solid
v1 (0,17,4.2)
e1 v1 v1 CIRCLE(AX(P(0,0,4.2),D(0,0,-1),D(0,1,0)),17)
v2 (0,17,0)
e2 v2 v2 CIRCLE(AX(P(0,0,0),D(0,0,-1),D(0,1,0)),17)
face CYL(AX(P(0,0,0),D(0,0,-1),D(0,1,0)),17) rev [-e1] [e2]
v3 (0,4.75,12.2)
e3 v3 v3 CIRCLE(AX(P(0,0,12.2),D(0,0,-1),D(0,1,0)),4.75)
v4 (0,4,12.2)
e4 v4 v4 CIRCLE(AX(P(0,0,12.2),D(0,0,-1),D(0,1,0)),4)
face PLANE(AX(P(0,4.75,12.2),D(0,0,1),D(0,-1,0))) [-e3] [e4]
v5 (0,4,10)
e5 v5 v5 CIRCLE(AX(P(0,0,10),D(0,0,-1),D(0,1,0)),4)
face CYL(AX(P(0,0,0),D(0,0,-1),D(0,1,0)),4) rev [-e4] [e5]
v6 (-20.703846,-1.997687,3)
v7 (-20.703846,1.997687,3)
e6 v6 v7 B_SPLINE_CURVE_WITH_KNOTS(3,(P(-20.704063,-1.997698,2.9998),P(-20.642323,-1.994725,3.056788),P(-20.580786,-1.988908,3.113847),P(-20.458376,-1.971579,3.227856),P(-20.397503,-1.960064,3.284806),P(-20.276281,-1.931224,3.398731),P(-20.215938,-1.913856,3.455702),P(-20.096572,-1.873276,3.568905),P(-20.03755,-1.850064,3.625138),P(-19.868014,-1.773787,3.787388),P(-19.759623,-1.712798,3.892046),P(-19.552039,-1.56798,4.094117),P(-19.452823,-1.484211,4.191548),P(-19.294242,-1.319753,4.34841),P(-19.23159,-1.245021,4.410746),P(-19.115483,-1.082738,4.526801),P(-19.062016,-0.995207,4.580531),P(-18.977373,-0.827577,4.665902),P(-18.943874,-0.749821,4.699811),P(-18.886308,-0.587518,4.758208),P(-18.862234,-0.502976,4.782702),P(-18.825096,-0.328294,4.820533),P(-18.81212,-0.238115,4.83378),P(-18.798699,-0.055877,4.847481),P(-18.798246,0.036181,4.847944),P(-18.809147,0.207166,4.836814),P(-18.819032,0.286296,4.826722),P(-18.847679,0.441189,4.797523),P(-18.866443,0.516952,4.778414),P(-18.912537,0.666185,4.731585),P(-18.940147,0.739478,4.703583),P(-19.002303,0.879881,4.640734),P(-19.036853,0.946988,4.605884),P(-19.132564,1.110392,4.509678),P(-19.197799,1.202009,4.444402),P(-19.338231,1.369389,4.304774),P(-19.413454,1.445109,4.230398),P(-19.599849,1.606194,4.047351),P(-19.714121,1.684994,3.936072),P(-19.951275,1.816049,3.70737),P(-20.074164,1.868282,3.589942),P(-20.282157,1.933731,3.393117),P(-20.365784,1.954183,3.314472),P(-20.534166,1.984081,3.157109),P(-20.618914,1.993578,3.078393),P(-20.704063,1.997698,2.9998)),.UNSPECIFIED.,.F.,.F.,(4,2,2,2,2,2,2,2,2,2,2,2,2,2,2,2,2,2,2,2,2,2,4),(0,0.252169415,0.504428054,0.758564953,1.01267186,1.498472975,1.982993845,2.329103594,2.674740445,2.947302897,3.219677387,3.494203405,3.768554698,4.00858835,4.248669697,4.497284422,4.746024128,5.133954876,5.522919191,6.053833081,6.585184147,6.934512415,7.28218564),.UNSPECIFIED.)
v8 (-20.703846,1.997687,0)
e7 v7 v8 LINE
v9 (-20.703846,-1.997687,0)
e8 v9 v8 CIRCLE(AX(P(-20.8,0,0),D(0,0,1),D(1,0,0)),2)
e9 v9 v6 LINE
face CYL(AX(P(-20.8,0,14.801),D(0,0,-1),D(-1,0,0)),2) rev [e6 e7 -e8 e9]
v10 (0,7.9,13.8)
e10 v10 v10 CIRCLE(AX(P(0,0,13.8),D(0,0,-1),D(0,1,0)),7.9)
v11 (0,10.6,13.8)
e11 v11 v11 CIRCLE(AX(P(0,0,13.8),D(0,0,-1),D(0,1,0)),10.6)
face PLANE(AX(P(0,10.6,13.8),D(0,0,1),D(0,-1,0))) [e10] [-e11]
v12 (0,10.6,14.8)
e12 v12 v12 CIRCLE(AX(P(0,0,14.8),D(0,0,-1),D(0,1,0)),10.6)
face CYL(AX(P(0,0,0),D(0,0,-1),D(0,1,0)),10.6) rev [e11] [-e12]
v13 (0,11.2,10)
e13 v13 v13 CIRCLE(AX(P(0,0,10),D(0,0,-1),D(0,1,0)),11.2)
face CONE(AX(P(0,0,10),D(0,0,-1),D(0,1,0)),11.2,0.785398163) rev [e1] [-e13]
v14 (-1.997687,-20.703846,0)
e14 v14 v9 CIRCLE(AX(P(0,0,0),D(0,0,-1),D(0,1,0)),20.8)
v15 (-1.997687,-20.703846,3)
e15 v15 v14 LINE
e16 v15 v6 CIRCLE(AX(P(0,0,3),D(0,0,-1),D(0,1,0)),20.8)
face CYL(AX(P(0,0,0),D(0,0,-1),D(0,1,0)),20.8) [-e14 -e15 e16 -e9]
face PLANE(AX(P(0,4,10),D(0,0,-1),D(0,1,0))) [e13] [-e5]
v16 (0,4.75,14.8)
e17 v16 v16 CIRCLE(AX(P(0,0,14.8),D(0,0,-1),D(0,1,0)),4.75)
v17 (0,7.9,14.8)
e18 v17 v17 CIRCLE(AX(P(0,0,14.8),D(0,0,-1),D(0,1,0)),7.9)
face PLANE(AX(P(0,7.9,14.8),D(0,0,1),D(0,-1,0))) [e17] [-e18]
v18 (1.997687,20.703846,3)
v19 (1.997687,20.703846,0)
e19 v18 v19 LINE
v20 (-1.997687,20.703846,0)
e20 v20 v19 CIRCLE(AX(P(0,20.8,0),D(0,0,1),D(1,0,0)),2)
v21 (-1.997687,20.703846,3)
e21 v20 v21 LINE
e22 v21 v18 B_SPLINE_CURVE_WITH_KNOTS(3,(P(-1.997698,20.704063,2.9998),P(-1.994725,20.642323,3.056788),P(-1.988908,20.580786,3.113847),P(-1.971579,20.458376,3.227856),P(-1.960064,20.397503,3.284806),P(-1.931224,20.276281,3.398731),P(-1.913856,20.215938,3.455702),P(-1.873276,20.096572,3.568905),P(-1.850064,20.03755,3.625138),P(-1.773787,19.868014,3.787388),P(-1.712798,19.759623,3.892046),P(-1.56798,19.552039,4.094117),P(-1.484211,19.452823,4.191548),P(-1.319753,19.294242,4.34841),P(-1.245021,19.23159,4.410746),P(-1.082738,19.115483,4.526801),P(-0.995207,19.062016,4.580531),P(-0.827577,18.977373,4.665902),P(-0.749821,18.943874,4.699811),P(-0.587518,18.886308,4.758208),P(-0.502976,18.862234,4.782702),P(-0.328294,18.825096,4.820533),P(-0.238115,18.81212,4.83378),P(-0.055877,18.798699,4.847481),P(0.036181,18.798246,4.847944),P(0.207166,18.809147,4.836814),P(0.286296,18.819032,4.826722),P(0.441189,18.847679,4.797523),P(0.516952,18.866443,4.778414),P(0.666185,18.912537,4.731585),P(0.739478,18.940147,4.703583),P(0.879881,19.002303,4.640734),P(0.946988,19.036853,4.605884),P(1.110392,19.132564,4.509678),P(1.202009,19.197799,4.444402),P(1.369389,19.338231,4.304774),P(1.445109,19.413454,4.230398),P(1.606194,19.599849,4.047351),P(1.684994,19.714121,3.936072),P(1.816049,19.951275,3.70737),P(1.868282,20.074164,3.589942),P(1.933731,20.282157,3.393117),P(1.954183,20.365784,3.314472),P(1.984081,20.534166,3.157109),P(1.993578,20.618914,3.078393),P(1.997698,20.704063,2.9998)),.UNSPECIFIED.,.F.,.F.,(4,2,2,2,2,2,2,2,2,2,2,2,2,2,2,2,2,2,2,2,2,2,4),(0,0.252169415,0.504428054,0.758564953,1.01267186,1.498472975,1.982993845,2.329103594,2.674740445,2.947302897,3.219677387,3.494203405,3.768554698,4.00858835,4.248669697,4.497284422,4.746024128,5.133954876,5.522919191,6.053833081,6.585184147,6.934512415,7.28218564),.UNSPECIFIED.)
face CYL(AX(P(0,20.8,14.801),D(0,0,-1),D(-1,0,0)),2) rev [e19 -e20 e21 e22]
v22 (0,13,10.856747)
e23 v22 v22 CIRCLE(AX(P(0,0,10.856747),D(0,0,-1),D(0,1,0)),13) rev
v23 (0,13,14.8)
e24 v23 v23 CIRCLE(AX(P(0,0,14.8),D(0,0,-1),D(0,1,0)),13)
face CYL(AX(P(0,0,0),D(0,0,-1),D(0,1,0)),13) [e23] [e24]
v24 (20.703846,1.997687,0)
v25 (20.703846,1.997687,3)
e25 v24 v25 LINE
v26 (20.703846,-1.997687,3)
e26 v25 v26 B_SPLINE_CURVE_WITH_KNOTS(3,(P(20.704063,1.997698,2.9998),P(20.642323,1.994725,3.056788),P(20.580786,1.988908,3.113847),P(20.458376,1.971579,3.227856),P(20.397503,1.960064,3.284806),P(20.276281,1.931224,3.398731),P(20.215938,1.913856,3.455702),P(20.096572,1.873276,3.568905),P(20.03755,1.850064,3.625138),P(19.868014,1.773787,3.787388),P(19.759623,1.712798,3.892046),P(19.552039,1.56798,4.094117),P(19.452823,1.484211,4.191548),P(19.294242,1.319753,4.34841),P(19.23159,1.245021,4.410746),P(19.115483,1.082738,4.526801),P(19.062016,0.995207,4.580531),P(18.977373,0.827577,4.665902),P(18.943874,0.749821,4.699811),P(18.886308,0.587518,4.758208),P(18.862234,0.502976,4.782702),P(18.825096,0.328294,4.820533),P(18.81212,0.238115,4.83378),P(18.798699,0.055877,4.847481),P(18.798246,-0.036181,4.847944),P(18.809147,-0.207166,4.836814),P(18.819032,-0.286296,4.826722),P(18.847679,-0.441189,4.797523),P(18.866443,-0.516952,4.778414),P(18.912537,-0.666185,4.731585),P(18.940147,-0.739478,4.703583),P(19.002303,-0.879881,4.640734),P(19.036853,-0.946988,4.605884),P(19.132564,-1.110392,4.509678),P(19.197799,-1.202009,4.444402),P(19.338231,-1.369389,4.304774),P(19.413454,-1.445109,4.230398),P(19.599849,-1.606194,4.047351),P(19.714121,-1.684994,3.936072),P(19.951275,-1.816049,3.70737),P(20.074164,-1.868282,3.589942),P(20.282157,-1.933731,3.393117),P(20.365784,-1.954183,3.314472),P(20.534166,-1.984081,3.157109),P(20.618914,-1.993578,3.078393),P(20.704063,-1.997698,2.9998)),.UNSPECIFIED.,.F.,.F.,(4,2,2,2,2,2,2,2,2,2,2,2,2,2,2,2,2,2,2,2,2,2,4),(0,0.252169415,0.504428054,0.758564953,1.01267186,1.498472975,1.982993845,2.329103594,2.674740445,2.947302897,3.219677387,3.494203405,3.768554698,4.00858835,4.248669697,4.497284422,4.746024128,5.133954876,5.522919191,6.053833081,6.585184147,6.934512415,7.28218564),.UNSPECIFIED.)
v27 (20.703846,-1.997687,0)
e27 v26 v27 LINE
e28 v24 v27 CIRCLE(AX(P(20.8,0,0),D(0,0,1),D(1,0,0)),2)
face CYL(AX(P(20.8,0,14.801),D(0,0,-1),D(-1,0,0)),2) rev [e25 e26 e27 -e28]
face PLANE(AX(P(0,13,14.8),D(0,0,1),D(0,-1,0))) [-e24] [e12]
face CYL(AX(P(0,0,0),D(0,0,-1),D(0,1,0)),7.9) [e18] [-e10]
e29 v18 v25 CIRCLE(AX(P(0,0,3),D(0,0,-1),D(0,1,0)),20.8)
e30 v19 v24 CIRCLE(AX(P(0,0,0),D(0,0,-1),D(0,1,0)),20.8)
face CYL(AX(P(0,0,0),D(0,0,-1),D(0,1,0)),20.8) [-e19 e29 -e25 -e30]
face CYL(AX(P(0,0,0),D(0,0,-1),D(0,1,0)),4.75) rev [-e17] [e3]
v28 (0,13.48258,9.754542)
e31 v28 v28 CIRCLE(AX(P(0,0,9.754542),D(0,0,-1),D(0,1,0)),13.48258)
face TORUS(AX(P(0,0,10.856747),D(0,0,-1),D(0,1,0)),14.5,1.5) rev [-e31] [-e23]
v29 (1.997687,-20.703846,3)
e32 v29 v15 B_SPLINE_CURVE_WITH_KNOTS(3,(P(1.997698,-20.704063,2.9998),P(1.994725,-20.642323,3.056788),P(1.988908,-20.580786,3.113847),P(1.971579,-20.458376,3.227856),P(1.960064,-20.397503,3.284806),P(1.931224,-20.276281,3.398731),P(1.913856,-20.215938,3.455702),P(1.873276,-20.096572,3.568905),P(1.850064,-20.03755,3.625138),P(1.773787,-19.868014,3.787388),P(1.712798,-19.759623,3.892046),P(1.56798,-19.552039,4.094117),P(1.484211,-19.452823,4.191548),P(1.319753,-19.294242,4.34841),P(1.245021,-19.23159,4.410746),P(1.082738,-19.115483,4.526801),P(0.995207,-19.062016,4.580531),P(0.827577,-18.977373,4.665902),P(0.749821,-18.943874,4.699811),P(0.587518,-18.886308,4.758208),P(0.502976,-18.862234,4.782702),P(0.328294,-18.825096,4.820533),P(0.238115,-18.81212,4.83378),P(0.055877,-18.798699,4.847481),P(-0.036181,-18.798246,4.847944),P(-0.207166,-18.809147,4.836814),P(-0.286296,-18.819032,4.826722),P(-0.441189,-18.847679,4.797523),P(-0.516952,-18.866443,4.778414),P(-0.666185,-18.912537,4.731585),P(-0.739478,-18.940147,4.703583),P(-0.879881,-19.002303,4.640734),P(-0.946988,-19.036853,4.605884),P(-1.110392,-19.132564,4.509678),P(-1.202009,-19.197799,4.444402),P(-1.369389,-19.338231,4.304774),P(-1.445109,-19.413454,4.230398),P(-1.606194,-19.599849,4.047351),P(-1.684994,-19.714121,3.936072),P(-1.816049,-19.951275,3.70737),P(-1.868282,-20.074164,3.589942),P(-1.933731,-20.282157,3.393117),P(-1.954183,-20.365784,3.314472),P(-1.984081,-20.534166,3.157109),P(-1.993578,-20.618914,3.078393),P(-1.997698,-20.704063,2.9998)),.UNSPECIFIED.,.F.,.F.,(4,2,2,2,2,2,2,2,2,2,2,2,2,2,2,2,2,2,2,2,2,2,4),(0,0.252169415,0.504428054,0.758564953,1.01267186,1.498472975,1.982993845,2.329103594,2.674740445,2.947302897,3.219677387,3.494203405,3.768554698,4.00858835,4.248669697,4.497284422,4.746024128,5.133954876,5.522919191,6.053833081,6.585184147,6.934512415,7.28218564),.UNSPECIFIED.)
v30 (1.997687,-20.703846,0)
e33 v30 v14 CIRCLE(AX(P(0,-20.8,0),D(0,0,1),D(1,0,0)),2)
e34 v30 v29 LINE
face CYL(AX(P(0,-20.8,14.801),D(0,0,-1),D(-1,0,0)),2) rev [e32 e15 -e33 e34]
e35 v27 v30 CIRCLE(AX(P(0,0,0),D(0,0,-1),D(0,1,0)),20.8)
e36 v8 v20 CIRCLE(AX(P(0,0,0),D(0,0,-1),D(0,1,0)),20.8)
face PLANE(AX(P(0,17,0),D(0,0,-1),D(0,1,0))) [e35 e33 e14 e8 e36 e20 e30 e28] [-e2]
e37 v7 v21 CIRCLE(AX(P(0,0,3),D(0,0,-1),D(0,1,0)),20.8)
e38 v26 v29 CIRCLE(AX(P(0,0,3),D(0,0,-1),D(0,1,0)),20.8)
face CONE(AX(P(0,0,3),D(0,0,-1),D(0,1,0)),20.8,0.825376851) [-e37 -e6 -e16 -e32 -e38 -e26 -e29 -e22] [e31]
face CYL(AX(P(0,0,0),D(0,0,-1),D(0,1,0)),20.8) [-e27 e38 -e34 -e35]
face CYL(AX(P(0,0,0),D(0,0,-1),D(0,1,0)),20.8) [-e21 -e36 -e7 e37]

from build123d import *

# Parameters (mm, degrees)
CUT_EXTRUDE1_REACH = 34.929
SKETCH3_R          = 2
FILLET1_R          = 1.5


with BuildPart() as part:
    # Sketch2 → Revolve1 (revolve)
    with BuildSketch(Plane(origin=(0, 0, 0), x_dir=(0, 0, -1), z_dir=(1, 0, 0))):
        Polygon((0, 17), (0, 20.8), (-3, 20.8), (-10.2, 13), (-14.8, 13), (-14.8, 10.6), (-13.8, 10.6), (-13.8, 7.9), (-14.8, 7.9), (-14.8, 4.75), (-12.2, 4.75), (-12.2, 4), (-10, 4), (-10, 11.2), (-4.2, 17), align=None)
    revolve(axis=Axis((0, 0, 0), (0, 0, 1)))

    # Cut-Extrude1: up to this cone (the profile starts inside it)
    cut_extrude1_end = Plane(origin=(0, 0, 0), z_dir=(0, 0, -1)).offset(-22.199999) * Cone(1.083e-06, 88.485583333, 81.678999, align=(Align.CENTER, Align.CENTER, Align.MIN), mode=Mode.PRIVATE)
    # Sketch3 → Cut-Extrude1 (cut, up to the surface)
    with BuildSketch(Plane.XY, mode=Mode.PRIVATE) as cut_extrude1_sk1:
        with Locations((0, 20.8)):
            Circle(SKETCH3_R)
    cut_extrude1_tool1 = extrude(cut_extrude1_sk1.sketch, amount=CUT_EXTRUDE1_REACH, mode=Mode.PRIVATE) & cut_extrude1_end
    add(cut_extrude1_tool1.solids().sort_by_distance((0, 20.8, 0))[0], mode=Mode.SUBTRACT)
    # Sketch3 → Cut-Extrude1 (cut, up to the surface)
    with BuildSketch(Plane.XY, mode=Mode.PRIVATE) as cut_extrude1_sk2:
        with Locations((20.8, 0)):
            Circle(SKETCH3_R)
    cut_extrude1_tool2 = extrude(cut_extrude1_sk2.sketch, amount=CUT_EXTRUDE1_REACH, mode=Mode.PRIVATE) & cut_extrude1_end
    add(cut_extrude1_tool2.solids().sort_by_distance((20.8, 0, 0))[0], mode=Mode.SUBTRACT)
    # Sketch3 → Cut-Extrude1 (cut, up to the surface)
    with BuildSketch(Plane.XY, mode=Mode.PRIVATE) as cut_extrude1_sk3:
        with Locations((0, -20.8)):
            Circle(SKETCH3_R)
    cut_extrude1_tool3 = extrude(cut_extrude1_sk3.sketch, amount=CUT_EXTRUDE1_REACH, mode=Mode.PRIVATE) & cut_extrude1_end
    add(cut_extrude1_tool3.solids().sort_by_distance((0, -20.8, 0))[0], mode=Mode.SUBTRACT)
    # Sketch3 → Cut-Extrude1 (cut, up to the surface)
    with BuildSketch(Plane.XY, mode=Mode.PRIVATE) as cut_extrude1_sk4:
        with Locations((-20.8, 0)):
            Circle(SKETCH3_R)
    cut_extrude1_tool4 = extrude(cut_extrude1_sk4.sketch, amount=CUT_EXTRUDE1_REACH, mode=Mode.PRIVATE) & cut_extrude1_end
    add(cut_extrude1_tool4.solids().sort_by_distance((-20.8, 0, 0))[0], mode=Mode.SUBTRACT)

    # Fillet1
    fillet1_edges = [part.edges().sort_by_distance(p)[0] for p in [
        (0, -13, 10.2),
    ]]
    fillet(fillet1_edges, radius=FILLET1_R)


solid = part.part
